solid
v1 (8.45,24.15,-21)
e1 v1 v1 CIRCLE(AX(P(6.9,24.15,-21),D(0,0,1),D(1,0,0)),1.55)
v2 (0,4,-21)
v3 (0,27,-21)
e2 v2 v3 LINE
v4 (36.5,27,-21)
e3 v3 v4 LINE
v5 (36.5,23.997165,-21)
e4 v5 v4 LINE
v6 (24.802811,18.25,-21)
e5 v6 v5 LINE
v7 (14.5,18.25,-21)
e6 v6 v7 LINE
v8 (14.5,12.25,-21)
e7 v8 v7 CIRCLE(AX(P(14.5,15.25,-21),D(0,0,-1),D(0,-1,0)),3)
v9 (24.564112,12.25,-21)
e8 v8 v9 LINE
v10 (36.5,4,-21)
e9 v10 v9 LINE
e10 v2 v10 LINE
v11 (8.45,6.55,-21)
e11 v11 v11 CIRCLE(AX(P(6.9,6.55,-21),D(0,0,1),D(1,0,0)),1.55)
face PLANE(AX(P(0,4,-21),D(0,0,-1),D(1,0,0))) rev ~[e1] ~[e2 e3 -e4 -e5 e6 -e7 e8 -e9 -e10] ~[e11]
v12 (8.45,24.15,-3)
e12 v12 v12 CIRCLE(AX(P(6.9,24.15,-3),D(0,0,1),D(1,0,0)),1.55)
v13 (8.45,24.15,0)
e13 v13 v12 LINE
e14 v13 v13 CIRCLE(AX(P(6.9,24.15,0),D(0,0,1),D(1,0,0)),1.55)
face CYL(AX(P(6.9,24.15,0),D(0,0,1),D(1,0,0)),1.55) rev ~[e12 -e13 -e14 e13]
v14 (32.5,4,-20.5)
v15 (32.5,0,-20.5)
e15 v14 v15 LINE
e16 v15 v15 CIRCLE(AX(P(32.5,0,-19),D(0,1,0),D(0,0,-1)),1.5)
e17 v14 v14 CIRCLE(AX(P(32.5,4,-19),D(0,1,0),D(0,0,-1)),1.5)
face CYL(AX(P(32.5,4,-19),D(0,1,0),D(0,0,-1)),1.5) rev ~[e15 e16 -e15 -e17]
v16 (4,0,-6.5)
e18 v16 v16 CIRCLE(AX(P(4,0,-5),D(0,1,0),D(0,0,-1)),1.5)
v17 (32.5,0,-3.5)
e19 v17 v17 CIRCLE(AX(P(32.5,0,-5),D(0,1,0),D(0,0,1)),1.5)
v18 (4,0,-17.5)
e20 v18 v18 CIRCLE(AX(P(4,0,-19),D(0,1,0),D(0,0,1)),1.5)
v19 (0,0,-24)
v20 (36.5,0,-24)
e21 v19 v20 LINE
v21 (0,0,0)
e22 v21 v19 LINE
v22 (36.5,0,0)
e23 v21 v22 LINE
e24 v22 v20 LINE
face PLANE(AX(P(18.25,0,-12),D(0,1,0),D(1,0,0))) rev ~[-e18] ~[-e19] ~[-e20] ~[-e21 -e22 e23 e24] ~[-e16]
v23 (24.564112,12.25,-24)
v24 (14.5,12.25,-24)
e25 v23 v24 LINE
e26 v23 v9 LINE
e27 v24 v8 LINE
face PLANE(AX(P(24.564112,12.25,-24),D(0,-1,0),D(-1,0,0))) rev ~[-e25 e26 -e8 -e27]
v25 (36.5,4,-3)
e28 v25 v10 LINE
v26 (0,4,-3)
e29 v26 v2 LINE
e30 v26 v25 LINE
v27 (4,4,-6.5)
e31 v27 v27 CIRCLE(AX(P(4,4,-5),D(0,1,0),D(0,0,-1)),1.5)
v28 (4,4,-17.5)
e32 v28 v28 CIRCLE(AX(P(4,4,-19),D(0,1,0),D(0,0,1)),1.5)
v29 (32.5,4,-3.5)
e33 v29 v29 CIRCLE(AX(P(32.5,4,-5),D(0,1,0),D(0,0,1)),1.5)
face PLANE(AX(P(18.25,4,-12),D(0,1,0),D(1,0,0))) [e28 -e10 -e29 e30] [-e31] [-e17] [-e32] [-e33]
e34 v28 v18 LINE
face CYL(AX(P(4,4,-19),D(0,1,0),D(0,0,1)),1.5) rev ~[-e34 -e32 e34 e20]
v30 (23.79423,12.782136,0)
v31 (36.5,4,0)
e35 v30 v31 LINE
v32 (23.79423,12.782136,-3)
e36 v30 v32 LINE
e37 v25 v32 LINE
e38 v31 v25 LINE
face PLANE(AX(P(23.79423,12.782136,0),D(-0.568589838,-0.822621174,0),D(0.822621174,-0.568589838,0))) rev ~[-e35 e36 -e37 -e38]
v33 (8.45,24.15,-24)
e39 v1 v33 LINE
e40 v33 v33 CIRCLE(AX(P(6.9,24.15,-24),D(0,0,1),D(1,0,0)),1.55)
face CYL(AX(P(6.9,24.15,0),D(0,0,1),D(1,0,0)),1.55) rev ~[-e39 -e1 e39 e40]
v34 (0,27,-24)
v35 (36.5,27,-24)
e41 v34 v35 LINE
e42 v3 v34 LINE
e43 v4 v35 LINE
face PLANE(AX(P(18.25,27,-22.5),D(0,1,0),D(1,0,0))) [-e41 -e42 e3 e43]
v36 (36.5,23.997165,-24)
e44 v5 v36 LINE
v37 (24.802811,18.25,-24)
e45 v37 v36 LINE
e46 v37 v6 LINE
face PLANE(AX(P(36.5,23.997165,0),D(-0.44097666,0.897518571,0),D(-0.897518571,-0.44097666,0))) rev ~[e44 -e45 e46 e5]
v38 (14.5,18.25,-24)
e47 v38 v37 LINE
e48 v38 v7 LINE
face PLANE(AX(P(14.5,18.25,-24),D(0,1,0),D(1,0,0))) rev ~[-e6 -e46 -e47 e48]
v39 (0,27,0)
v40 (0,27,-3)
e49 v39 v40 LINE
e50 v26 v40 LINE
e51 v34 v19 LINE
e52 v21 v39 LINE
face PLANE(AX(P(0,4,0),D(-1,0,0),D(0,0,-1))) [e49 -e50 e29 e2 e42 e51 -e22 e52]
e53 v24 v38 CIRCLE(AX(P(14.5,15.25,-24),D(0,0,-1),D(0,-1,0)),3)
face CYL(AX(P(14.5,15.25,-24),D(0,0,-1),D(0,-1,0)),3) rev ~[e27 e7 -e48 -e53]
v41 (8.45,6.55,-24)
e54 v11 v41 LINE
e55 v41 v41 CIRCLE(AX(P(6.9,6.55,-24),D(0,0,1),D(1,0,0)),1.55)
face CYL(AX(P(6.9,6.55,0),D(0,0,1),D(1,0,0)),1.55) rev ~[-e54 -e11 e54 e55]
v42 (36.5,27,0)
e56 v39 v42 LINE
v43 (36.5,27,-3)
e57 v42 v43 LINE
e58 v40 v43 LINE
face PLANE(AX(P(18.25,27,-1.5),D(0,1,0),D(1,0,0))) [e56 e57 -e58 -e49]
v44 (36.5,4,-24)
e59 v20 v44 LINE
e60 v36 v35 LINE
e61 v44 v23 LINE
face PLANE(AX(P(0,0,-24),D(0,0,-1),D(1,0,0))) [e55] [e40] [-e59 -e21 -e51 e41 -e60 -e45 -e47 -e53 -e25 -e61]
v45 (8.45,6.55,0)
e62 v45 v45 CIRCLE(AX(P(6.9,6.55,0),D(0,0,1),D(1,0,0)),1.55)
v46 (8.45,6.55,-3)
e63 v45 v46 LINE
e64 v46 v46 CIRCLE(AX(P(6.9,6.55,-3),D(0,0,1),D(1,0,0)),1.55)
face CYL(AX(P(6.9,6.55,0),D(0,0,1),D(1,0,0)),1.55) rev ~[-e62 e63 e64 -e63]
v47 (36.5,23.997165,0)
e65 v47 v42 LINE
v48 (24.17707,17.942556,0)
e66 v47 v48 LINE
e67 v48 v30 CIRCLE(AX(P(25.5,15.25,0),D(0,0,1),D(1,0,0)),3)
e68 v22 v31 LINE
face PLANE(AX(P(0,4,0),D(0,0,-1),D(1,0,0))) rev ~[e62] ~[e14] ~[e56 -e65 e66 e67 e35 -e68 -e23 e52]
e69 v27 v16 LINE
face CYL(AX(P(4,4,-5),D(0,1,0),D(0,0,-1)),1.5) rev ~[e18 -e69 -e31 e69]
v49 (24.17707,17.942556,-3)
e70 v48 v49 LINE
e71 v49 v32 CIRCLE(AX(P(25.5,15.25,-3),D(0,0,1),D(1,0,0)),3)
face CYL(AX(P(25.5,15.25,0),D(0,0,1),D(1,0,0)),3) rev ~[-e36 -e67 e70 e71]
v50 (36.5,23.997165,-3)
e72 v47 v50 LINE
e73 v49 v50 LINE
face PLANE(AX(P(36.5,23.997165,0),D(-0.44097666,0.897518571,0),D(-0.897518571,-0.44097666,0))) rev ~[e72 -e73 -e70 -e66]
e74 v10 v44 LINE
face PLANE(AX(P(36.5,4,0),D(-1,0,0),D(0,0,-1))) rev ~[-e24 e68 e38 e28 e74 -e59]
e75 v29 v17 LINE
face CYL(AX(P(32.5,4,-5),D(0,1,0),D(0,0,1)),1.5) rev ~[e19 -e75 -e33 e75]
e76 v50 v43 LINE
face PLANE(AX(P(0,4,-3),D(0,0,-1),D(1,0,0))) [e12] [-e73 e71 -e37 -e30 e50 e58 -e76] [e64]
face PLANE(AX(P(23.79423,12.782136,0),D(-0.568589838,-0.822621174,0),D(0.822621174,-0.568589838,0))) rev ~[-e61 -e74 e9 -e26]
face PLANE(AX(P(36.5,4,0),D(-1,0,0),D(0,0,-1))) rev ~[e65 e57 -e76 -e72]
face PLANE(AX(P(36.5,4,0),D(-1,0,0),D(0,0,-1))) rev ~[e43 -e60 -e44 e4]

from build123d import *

# Parameters (mm, degrees)
SKETCH1_W           = 36.5
SKETCH1_H           = 24
BOSS_EXTRUDE1_DEPTH = 4
SKETCH2_W           = 36.5
SKETCH2_H           = 3
BOSS_EXTRUDE2_DEPTH = 23
SKETCH3_R           = 3
SKETCH3_R_2         = 1.55
CUT_EXTRUDE2_DEPTH  = 52.354162441
SKETCH6_R           = 1.5
CUT_EXTRUDE4_DEPTH  = 50.368512232
CUT_EXTRUDE5_REACH  = 53.354


with BuildPart() as part:
    # Sketch1 → Boss-Extrude1 (new body)
    with BuildSketch(Plane(origin=(0, 0, 0), x_dir=(1, 0, 0), z_dir=(0, 1, 0))):
        with Locations((18.25, 12)):
            Rectangle(SKETCH1_W, SKETCH1_H)
    extrude(amount=BOSS_EXTRUDE1_DEPTH)

    # Sketch2 → Boss-Extrude2 (add)
    with BuildSketch(Plane(origin=(0, 4, 0), x_dir=(1, 0, 0), z_dir=(0, 1, 0))):
        with Locations((18.25, 1.5)):
            Rectangle(SKETCH2_W, SKETCH2_H)
        with Locations((18.25, 22.5)):
            Rectangle(SKETCH2_W, SKETCH2_H)
    extrude(amount=BOSS_EXTRUDE2_DEPTH)

    # Sketch3 → Cut-Extrude2 (cut, through all)
    with BuildSketch(Plane.XY):
        with Locations((25.5, 15.25)):
            Circle(SKETCH3_R)
        with BuildLine():
            Line((36.5, 4), (36.5, 23.997165255))
            Line((36.5, 23.997165255), (24.17707002, 17.942555713))
            ThreePointArc((24.17707002, 17.942555713), (27.086065897, 17.79644752), (28.5, 15.25))
            ThreePointArc((28.5, 15.25), (26.893321833, 12.593187197), (23.794230487, 12.782136477))
            Line((23.794230487, 12.782136477), (36.5, 4))
        make_face()
        with Locations((6.9, 24.15)):
            Circle(SKETCH3_R_2)
        with Locations((6.9, 6.55)):
            Circle(SKETCH3_R_2)
    extrude(amount=-CUT_EXTRUDE2_DEPTH, mode=Mode.SUBTRACT)

    # Sketch6 → Cut-Extrude4 (cut, through all)
    with BuildSketch(Plane(origin=(0, 4, 0), x_dir=(1, 0, 0), z_dir=(0, 1, 0))):
        with Locations(Location((4, 19, 0), (0, 0, 270))):
            Circle(SKETCH6_R)
        with Locations(Location((32.5, 19, 0), (0, 0, 90))):
            Circle(SKETCH6_R)
        with Locations(Location((32.5, 5, 0), (0, 0, 270))):
            Circle(SKETCH6_R)
        with Locations(Location((4, 5, 0), (0, 0, 90))):
            Circle(SKETCH6_R)
    extrude(amount=-CUT_EXTRUDE4_DEPTH, mode=Mode.SUBTRACT)

    # Sketch8 → Cut-Extrude5 (cut, up to next)
    with BuildSketch(Plane(origin=(0, 0, -24), x_dir=(-1, 0, 0), z_dir=(0, 0, -1)), mode=Mode.PRIVATE) as cut_extrude5_sk1:
        with BuildLine():
            Line((-24.564111876, 12.25), (-14.5, 12.25))
            ThreePointArc((-14.5, 12.25), (-11.5, 15.25), (-14.5, 18.25))
            Line((-14.5, 18.25), (-24.802810523, 18.25))
            Line((-24.802810523, 18.25), (-24.17707002, 17.942555713))
            ThreePointArc((-24.17707002, 17.942555713), (-22.508221795, 15.471953085), (-23.794230487, 12.782136477))
            Line((-23.794230487, 12.782136477), (-24.564111876, 12.25))
        make_face()
    cut_extrude5_tool1 = extrude(cut_extrude5_sk1.sketch, amount=-CUT_EXTRUDE5_REACH, mode=Mode.PRIVATE) & part.part
    add(cut_extrude5_tool1.solids().sort_by_distance((17.630744, 15.252153, -24))[0], mode=Mode.SUBTRACT)


solid = part.part
